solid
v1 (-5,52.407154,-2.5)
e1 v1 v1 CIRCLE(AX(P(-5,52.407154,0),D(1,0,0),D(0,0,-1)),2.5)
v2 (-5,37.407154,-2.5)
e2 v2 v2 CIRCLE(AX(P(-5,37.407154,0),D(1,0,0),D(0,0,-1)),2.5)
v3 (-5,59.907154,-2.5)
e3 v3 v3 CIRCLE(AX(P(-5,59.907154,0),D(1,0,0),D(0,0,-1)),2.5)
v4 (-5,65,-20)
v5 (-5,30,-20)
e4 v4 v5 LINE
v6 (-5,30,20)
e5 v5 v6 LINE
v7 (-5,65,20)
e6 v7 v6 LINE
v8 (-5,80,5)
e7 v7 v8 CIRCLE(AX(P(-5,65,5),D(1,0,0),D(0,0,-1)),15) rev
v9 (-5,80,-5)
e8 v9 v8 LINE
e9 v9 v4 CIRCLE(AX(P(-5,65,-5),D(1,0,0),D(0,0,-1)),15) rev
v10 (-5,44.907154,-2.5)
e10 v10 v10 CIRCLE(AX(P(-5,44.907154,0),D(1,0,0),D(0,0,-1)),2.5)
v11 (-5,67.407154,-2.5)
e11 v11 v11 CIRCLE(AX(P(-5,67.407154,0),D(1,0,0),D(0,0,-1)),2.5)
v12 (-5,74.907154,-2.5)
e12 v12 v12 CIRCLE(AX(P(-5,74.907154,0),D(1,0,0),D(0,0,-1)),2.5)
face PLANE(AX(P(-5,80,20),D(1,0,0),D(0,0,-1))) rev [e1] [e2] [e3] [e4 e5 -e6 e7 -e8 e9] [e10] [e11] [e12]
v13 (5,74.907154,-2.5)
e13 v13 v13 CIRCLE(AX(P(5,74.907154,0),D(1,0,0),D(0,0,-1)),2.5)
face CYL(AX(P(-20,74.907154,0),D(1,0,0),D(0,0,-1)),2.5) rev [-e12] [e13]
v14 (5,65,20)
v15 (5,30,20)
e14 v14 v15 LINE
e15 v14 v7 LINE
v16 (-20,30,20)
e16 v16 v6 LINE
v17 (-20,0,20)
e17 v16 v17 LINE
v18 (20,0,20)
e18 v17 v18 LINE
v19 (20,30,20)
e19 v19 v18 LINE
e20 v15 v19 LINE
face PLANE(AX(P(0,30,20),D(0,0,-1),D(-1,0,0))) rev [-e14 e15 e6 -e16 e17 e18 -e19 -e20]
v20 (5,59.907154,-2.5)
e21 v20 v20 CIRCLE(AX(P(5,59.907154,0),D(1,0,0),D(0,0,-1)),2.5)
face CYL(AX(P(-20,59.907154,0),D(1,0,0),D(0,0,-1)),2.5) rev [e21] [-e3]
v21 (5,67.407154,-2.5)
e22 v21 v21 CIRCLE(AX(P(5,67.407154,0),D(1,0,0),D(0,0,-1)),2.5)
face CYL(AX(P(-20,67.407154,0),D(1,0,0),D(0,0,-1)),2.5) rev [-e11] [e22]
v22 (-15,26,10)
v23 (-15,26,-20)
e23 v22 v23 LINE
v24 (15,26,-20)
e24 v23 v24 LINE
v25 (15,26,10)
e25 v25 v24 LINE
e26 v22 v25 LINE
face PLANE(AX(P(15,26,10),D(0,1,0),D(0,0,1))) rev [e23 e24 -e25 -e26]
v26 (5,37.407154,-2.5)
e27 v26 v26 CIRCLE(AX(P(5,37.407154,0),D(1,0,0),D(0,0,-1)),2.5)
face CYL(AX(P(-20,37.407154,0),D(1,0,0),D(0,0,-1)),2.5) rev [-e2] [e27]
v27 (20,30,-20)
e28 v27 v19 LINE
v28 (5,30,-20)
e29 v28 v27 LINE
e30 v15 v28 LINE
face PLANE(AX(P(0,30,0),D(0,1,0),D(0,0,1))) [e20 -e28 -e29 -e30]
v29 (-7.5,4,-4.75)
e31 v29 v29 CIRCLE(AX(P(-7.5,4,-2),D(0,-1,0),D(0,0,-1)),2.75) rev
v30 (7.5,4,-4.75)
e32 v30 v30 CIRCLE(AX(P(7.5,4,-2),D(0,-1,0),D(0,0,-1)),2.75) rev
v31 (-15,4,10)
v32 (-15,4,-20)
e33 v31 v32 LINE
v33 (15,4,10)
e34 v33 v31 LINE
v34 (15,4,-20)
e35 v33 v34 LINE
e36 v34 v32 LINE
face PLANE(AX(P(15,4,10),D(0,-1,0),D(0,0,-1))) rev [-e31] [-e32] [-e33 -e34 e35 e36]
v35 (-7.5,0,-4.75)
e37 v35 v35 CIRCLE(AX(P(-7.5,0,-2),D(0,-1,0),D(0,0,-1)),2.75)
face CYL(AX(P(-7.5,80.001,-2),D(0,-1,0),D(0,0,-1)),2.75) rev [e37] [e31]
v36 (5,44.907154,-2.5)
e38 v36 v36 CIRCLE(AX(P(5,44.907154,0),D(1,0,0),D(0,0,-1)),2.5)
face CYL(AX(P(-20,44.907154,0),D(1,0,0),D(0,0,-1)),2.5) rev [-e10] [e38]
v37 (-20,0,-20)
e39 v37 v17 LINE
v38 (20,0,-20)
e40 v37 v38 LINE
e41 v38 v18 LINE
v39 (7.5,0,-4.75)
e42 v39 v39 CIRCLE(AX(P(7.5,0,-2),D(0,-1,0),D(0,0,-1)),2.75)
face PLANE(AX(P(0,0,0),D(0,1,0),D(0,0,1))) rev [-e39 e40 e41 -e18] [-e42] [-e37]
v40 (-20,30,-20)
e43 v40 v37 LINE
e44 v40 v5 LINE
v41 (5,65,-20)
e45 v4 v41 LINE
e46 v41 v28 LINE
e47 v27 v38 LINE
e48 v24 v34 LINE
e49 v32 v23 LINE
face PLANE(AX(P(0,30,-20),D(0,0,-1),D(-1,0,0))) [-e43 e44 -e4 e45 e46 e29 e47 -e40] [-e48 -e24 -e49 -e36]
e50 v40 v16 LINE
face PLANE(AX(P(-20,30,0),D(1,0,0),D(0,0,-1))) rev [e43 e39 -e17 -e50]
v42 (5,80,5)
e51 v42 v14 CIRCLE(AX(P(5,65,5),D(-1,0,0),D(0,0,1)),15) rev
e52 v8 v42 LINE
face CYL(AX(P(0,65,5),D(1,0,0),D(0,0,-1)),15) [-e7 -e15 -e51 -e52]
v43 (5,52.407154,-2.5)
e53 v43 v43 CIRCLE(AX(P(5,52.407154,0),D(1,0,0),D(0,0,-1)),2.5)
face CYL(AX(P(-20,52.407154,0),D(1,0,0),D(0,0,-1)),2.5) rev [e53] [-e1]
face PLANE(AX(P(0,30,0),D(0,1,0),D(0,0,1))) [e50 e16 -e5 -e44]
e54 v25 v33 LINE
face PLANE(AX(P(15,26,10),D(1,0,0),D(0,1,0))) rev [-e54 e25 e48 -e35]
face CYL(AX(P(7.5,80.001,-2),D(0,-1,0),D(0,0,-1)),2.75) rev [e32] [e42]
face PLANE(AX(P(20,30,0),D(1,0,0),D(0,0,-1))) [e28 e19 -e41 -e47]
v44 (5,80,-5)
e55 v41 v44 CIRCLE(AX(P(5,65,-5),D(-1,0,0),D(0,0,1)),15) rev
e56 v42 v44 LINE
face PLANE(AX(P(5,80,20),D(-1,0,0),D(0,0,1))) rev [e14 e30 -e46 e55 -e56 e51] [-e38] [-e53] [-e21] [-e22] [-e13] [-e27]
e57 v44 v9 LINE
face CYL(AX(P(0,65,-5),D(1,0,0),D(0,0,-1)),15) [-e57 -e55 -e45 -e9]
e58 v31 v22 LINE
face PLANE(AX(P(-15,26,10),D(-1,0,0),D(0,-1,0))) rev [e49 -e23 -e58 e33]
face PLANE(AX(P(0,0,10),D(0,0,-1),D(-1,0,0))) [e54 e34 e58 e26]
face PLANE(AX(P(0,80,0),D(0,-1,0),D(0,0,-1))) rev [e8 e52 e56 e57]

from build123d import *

# Parameters (mm, degrees)
SKETCH1_W           = 40
SKETCH1_H           = 40
SKETCH1_W_2         = 20
SKETCH1_H_2         = 20
BOSS_EXTRUDE1_DEPTH = 30
SKETCH4_W           = 10
SKETCH4_H           = 40
BOSS_EXTRUDE3_DEPTH = 50
SKETCH5_R           = 2.5
CUT_EXTRUDE4_DEPTH  = 87.168439698
LPATTERN1_COUNT     = 6
LPATTERN1_PITCH     = 7.5
FILLET1_R           = 15
SKETCH6_W           = 30
SKETCH6_H           = 22
CUT_EXTRUDE5_DEPTH  = 30
CUT_EXTRUDE6_REACH  = 86.853
SKETCH7_R           = 2.75


with BuildPart() as part:
    # Sketch1 → Boss-Extrude1 (new body)
    # profile 1 of 2: a face of its own
    with BuildSketch(Plane(origin=(0, 0, 0), x_dir=(1, 0, 0), z_dir=(0, 1, 0))):
        Rectangle(SKETCH1_W, SKETCH1_H)
        Rectangle(SKETCH1_W_2, SKETCH1_H_2, mode=Mode.SUBTRACT)
    # profile 2 of 2: a face of its own
    with BuildSketch(Plane(origin=(0, 0, 0), x_dir=(1, 0, 0), z_dir=(0, 1, 0))):
        Rectangle(SKETCH1_W_2, SKETCH1_H_2)
    extrude(amount=BOSS_EXTRUDE1_DEPTH)

    # Sketch4 → Boss-Extrude3 (add)
    with BuildSketch(Plane(origin=(0, 30, 0), x_dir=(1, 0, 0), z_dir=(0, 1, 0))):
        Rectangle(SKETCH4_W, SKETCH4_H)
    extrude(amount=BOSS_EXTRUDE3_DEPTH)

    # Sketch5 → Cut-Extrude4 (cut, through all)
    with BuildSketch(Plane(origin=(5, 0, 0), x_dir=(0, 0, -1), z_dir=(1, 0, 0))):
        with Locations((0, 37.407153601)):
            Circle(SKETCH5_R)
    cut_extrude4 = extrude(amount=-CUT_EXTRUDE4_DEPTH, mode=Mode.SUBTRACT)

    # LPattern1: Cut-Extrude4 ×6
    with Locations(*[(0, i * LPATTERN1_PITCH, 0) for i in range(1, LPATTERN1_COUNT)]):
        add(cut_extrude4, mode=Mode.SUBTRACT)

    # Fillet1
    fillet1_edges = [part.edges().sort_by_distance(p)[0] for p in [
        (0, 80, -20),
        (0, 80, 20),
    ]]
    fillet(fillet1_edges, radius=FILLET1_R)

    # Sketch6 → Cut-Extrude5 (cut)
    with BuildSketch(Plane(origin=(0, 0, -20), x_dir=(-1, 0, 0), z_dir=(0, 0, -1))):
        with Locations((0, 15)):
            Rectangle(SKETCH6_W, SKETCH6_H)
    extrude(amount=-CUT_EXTRUDE5_DEPTH, mode=Mode.SUBTRACT)

    # Sketch7 → Cut-Extrude6 (cut, up to next)
    with BuildSketch(Plane.XZ, mode=Mode.PRIVATE) as cut_extrude6_sk1:
        with Locations(Location((-7.5, -2, 0), (0, 0, 270))):
            Circle(SKETCH7_R)
    cut_extrude6_tool1 = extrude(cut_extrude6_sk1.sketch, amount=-CUT_EXTRUDE6_REACH, mode=Mode.PRIVATE) & part.part
    # Sketch7 → Cut-Extrude6 (cut, up to next)
    with BuildSketch(Plane.XZ, mode=Mode.PRIVATE) as cut_extrude6_sk2:
        with Locations(Location((7.5, -2, 0), (0, 0, 270))):
            Circle(SKETCH7_R)
    cut_extrude6_tool2 = extrude(cut_extrude6_sk2.sketch, amount=-CUT_EXTRUDE6_REACH, mode=Mode.PRIVATE) & part.part
    add(cut_extrude6_tool1.solids().sort_by_distance((-7.5, 0, -2))[0], mode=Mode.SUBTRACT)
    add(cut_extrude6_tool2.solids().sort_by_distance((7.5, 0, -2))[0], mode=Mode.SUBTRACT)


solid = part.part
